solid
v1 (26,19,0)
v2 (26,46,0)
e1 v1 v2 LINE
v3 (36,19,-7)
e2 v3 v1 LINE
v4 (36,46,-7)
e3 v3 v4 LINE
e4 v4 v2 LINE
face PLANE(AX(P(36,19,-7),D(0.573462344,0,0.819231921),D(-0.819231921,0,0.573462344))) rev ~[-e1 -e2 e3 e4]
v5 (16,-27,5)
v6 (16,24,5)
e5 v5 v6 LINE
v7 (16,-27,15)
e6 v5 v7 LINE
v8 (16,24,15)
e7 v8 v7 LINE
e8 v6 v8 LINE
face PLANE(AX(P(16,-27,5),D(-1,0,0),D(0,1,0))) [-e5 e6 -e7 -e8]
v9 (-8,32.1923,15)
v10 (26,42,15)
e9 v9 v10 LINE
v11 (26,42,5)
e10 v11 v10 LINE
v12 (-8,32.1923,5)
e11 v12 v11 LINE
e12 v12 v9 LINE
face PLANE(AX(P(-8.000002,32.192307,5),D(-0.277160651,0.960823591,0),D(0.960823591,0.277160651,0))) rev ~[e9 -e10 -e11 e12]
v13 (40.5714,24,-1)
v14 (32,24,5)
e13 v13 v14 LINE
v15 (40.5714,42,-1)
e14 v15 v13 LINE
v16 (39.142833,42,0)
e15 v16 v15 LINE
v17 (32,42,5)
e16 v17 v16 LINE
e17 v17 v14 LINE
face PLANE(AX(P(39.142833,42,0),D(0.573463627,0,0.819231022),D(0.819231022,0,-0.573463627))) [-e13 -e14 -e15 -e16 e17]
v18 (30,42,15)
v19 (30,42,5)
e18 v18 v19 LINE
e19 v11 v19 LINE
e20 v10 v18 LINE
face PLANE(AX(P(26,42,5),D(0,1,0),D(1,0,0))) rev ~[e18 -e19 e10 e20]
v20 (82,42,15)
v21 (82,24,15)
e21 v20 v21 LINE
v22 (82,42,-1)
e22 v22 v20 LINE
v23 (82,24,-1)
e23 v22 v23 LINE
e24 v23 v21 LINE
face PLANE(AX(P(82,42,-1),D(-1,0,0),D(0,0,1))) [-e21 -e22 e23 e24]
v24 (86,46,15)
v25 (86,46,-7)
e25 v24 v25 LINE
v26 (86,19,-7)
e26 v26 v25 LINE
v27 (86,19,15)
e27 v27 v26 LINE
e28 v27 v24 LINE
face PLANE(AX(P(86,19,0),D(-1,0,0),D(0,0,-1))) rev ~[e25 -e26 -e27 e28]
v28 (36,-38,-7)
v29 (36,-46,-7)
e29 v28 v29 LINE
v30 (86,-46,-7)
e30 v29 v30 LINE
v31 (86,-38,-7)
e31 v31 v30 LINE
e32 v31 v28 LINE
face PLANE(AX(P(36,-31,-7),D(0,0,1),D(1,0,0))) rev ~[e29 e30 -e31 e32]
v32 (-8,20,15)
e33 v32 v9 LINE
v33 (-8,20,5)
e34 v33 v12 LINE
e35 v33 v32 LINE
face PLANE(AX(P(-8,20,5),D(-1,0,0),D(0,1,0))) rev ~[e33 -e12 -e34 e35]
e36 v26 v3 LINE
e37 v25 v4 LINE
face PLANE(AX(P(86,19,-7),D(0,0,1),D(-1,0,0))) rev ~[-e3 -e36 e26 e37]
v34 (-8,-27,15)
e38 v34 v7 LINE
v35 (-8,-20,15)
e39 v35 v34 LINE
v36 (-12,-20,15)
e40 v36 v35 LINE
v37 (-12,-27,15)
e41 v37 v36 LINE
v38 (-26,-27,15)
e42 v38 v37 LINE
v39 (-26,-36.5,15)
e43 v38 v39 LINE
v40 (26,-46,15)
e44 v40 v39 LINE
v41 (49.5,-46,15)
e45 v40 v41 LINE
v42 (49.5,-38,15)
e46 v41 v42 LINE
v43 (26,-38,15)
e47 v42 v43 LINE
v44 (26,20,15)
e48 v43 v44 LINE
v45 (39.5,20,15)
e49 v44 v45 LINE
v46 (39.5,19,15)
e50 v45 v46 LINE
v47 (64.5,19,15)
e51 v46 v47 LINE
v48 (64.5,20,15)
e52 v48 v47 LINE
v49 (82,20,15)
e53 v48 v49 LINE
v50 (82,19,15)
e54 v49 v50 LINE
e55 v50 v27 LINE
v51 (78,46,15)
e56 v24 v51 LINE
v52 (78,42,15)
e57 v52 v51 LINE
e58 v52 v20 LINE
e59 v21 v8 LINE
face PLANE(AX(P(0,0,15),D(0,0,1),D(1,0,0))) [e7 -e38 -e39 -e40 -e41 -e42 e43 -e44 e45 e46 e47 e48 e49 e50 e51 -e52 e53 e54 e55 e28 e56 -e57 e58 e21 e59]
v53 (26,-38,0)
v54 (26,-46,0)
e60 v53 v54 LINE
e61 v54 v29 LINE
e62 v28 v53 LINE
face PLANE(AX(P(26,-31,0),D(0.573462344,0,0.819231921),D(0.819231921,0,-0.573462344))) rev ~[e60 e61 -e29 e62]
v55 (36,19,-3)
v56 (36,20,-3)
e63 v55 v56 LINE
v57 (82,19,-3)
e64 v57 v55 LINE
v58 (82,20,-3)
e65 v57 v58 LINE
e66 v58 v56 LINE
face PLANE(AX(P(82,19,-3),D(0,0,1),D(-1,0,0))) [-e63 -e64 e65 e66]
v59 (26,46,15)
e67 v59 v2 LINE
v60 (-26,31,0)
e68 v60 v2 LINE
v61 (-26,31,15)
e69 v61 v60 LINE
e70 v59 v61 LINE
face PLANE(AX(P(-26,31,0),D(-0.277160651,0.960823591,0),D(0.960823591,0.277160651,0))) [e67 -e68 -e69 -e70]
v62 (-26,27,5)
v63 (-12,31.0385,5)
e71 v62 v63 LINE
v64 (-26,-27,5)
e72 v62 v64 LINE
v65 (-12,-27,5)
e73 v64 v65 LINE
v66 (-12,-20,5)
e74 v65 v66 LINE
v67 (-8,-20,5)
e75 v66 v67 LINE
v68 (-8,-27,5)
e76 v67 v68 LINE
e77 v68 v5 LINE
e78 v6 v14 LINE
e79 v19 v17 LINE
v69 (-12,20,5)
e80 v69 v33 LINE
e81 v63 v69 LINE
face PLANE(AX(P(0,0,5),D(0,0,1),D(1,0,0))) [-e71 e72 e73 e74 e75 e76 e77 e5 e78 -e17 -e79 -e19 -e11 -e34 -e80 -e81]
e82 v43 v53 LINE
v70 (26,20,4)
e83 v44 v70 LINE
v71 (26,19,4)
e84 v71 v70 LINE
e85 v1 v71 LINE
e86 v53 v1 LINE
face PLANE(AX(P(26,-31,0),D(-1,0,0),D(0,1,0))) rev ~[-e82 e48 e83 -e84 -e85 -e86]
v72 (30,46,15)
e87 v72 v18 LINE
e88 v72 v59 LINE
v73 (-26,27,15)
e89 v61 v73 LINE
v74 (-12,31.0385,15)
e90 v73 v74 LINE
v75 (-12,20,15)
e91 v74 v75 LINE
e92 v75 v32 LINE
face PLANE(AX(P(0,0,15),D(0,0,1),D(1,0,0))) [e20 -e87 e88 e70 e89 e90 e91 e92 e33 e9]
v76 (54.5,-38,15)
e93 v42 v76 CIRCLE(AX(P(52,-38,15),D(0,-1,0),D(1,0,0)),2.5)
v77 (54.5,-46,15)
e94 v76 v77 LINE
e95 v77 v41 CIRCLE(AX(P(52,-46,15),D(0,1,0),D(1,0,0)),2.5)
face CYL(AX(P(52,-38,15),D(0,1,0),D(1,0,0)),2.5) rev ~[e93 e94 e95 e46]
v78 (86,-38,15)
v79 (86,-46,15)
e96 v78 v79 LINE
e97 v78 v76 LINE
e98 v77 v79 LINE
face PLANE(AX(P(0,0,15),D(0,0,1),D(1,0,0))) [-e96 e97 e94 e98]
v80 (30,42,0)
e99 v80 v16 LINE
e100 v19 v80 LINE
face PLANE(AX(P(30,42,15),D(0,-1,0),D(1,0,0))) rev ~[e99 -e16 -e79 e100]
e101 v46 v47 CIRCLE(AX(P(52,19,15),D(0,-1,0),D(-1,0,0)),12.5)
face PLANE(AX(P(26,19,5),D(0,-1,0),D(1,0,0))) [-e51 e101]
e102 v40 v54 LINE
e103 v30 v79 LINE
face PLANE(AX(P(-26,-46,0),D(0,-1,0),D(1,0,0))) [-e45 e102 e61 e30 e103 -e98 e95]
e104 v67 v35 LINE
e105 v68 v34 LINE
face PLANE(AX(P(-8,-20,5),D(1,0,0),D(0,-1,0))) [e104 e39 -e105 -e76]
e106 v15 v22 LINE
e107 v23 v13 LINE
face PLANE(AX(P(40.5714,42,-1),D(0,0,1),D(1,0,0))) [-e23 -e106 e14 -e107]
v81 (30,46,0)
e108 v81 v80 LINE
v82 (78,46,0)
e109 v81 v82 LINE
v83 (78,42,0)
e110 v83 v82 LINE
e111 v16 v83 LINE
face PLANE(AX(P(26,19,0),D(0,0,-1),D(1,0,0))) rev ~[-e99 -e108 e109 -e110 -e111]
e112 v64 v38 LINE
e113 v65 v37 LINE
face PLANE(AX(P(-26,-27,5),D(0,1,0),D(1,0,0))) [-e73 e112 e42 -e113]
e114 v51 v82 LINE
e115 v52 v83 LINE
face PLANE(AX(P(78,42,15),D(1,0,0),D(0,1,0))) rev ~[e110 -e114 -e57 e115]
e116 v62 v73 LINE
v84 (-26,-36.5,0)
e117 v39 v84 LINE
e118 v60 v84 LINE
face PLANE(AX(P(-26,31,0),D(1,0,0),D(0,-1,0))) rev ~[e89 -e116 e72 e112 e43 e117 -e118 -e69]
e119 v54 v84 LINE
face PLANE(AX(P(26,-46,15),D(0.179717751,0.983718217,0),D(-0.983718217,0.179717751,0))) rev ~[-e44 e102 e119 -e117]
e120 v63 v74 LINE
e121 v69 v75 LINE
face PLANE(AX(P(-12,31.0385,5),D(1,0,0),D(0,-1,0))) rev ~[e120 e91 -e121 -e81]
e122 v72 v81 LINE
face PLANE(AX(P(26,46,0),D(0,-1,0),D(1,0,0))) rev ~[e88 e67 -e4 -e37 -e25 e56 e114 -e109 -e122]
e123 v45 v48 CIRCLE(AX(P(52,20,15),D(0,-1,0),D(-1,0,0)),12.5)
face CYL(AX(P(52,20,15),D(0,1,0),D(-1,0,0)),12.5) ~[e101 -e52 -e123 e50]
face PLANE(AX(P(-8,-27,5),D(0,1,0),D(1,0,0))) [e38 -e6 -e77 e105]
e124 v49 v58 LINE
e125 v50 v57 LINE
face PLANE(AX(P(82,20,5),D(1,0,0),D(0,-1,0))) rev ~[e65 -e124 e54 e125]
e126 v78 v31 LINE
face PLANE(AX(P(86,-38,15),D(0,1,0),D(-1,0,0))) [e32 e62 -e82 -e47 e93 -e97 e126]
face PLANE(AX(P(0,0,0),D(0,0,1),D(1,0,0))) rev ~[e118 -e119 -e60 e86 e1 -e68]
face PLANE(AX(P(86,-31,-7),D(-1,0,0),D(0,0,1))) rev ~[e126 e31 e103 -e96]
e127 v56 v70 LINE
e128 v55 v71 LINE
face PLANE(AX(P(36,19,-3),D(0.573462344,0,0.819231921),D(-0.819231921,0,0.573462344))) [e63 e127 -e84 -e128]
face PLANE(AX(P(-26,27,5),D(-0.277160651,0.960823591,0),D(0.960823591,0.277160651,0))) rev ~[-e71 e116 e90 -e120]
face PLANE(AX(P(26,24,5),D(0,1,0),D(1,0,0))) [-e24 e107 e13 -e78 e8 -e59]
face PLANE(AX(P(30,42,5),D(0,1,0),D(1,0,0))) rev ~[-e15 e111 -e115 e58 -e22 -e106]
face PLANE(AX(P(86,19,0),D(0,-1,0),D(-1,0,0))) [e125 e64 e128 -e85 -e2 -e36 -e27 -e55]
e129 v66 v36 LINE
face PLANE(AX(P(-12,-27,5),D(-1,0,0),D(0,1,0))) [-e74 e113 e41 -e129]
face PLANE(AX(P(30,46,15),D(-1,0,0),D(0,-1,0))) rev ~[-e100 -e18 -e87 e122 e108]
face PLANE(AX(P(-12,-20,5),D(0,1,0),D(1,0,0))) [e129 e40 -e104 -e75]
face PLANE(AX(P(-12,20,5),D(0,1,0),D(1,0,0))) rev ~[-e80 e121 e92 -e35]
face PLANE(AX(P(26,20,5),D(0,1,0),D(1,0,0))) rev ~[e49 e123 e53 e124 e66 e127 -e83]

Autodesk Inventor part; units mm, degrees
ref_plane "YZ Plane" through (0, 0, 0) normal (1, 0, 0) x (0, 1, 0)
ref_plane "XZ Plane" through (0, 0, 0) normal (0, 1, 0) x (-1, 0, 0)
ref_plane "XY Plane" through (0, 0, 0) normal (0, 0, 1) x (1, 0, 0)
sketch "Sketch1" plane through (0, 0, 0) normal (0, 0, 1) x (1, 0, 0)
  line L0 (-26, -31) -> (26, -31)
  line L1 (26, -31) -> (26, 31)
  line L2 (26, 31) -> (-26, 31)
  line L3 (-26, 31) -> (-26, -31)
  line L4 (-26, -31) -> (26, 31) construction
  line L5 (26, -31) -> (-26, 31) construction
  line L6 (-24, -23) -> (-24, -9) construction
  line L7 (-26, 31) -> (26, 46)
  line L8 (26, 46) -> (86, 46)
  line L9 (86, 46) -> (86, 19)
  line L10 (86, 19) -> (26, 19)
  point P0 (0, 0)
  dimension "d0" = 2
  dimension "d1" = 62
  dimension "d2" = 52
  dimension "d3" = 15
  dimension "d4" = 50
  dimension "d5" = 60
extrude "Extrusion1" add sketch "Sketch1" along normal blind 5
sketch "Sketch2" plane through (0, 0, 5) normal (0, 0, 1) x (1, 0, 0)
  line L0 (-29, 11.5) -> (-29, 6.5) construction
  line L1 (-29, 6.5) -> (-24, 6.5) construction
  line L2 (-24, 6.5) -> (-24, -20) construction
  line L3 (-24, -20) -> (-15, -20) construction
  line L4 (-15, -20) -> (-15, -27) construction
  line L5 (-15, -27) -> (-12, -27) construction
  line L6 (-12, -27) -> (-12, -20) construction
  line L7 (-12, -20) -> (16, -20) construction
  line L8 (16, -20) -> (16, 20) construction
  line L9 (16, 20) -> (11, 20) construction
  line L10 (11, 20) -> (11, 25) construction
  line L11 (11, 25) -> (8, 25) construction
  line L12 (8, 25) -> (8, 20) construction
  line L13 (8, 20) -> (-12, 20) construction
  line L14 (-12, 20) -> (-12, 27) construction
  line L15 (-12, 27) -> (-15, 27) construction
  line L16 (-15, 27) -> (-15, 20) construction
  line L17 (-15, 20) -> (-24, 20) construction
  line L18 (26, 46) -> (-26, 31) projected
  line L19 (-24, 20) -> (-24, 11.5) construction
  line L20 (-24, 11.5) -> (-29, 11.5) construction
  line L21 (-26, 31) -> (-26, -31) construction
  line L22 (-26, -31) -> (26, -31) construction
  line L23 (-12, 31.0385) -> (-12, 20)
  line L24 (-12, 20) -> (-8, 20)
  line L25 (-8, 20) -> (-8, 32.1923)
  line L26 (-26, 27) -> (26, 42)
  line L27 (-26, -27) -> (-12, -27)
  line L28 (-12, -27) -> (-12, -20)
  line L29 (-12, -20) -> (-8, -20)
  line L30 (-8, -20) -> (-8, -27)
  line L31 (-8, -27) -> (16, -27)
  line L32 (16, -27) -> (16, 20)
  line L33 (26, -31) -> (26, 19) projected
  line L34 (26, 24) -> (26, 19) construction
  line L35 (-26, 31) -> (-26, 27)
  line L36 (86, 46) -> (26, 46) projected
  line L37 (26, 46) -> (26, 42)
  line L38 (26, 42) -> (82, 42)
  line L39 (82, 42) -> (82, 19)
  line L40 (26, 19) -> (86, 19) projected
  line L41 (86, 19) -> (86, 46) projected
  line L42 (-26, -27) -> (-26, -31)
  line L43 (-26, -31) -> (26, -31)
  line L44 (16, 20) -> (16, 24)
  line L45 (16, 24) -> (26, 24)
  line L46 (26, 24) -> (82, 24)
  line L47 (26, 19) -> (26, 20)
  line L48 (26, 20) -> (82, 20)
  point P0 (0, 0)
  dimension "d8" = 3
  dimension "d9" = 3
  dimension "d10" = 3
  dimension "d11" = 7
  dimension "d12" = 54
  dimension "d13" = 7
  dimension "d14" = 5
  dimension "d15" = 5
  dimension "d16" = 2
  dimension "d17" = 9
  dimension "d18" = 8.5
  dimension "d19" = 4
  dimension "d20" = 5
  dimension "d21" = 5
  dimension "d22" = 40
  dimension "d23" = 4
  dimension "d25" = 4
  dimension "d26" = 10
  dimension "d27" = 4
  dimension "d28" = 4
  dimension "d36" = 1
  dimension "d37" = 4
extrude "Extrusion2" add sketch "Sketch2" along normal blind 10 contours L37 L26 L35 L18 | L36 L41 L40 L39 L38 L37 | L25 L24 L23 L26 | L39 L48 L47 L33 L43 L42 L27 L28 L29 L30 L31 L32 L44 L45 L46
sketch "Sketch3" plane through (0, 0, 15) normal (0, 0, 1) x (1, 0, 0)
  line L0 (-26, 27) -> (-12, 31.0385) projected
  line L1 (-12, 31.0385) -> (-12, 20) projected
  line L2 (-12, 20) -> (-8, 20) projected
  line L3 (-8, 20) -> (-8, 32.1923) projected
  line L4 (-8, 32.1923) -> (26, 42) projected
  line L5 (26, 42) -> (82, 42) projected
  line L6 (82, 42) -> (82, 24) projected
  line L7 (82, 19) -> (86, 19) projected
  line L8 (86, 19) -> (86, 46) projected
  line L9 (86, 46) -> (26, 46) projected
  line L10 (26, 46) -> (-26, 31) projected
  line L11 (-26, 31) -> (-26, 27) projected
  line L12 (30, 42) -> (78, 42)
  line L13 (78, 42) -> (78, 46)
  line L14 (78, 46) -> (30, 46)
  line L15 (30, 46) -> (30, 42)
  line L16 (82, 24) -> (16, 24) projected
  line L17 (16, 24) -> (16, -27) projected
  line L18 (16, -27) -> (-8, -27) projected
  line L19 (-8, -27) -> (-8, -20) projected
  line L20 (-8, -20) -> (-12, -20) projected
  line L21 (-12, -20) -> (-12, -27) projected
  line L22 (-12, -27) -> (-26, -27) projected
  line L23 (-26, -27) -> (-26, -31) projected
  line L24 (-26, -31) -> (26, -31) projected
  line L25 (26, -31) -> (26, 20) projected
  line L26 (26, 20) -> (82, 20) projected
  line L27 (82, 20) -> (82, 19) projected
  point P0 (0, 0)
  point P1 (30, 46)
  dimension "d31" = 4
  dimension "d32" = 4
extrude "Extrusion3" cut sketch "Sketch3" against normal through all contours L9 L13 L5 L15
sketch "Sketch4" plane through (26, 20, 5) normal (0, -1, 0) x (1, 0, 0)
  line L0 (0, 10) -> (56, 10) projected
  arc A0 (13.5, 10) -> (38.5, 10) centre (26, 10) ccw
  line L1 (0, -5) -> (0, 10) projected
  line L2 (13.5, 10) -> (38.5, 10)
  point P0 (-26, -5)
  dimension "d38" = 25
  dimension "d39" = 26
sketch "Sketch5" plane through (26, 19, 0) normal (0, -1, 0) x (1, 0, 0)
  line L0 (0, 0) -> (60, 0) projected
  line L1 (60, 0) -> (60, -7)
  line L2 (60, -7) -> (10, -7)
  line L3 (10, -7) -> (0, 0)
  point P0 (-26, 0)
  dimension "d40" = 50
  dimension "d41" = 7
extrude "Extrusion4" add sketch "Sketch5" against normal up to surface (27 mm away)
sketch "Sketch6" plane through (26, 19, 5) normal (0, -1, 0) x (1, 0, 0)
  line L0 (0, 0) -> (56, 0) projected
  line L1 (56, 0) -> (56, -8)
  line L2 (56, -8) -> (10, -8)
  line L3 (0, -5) -> (0, 10) projected
  line L4 (60, -12) -> (60, 10) projected
  line L5 (10, -12) -> (60, -12) projected
  line L6 (0, -5) -> (10, -12) projected
  line L7 (10, -8) -> (10, -12)
  line L8 (10, -8) -> (0, -1)
  point P0 (-26, -5)
  point P1 (35, -12)
  dimension "d44" = 4
  dimension "d45" = 4
  dimension "d47" = 4
extrude "Extrusion5" cut sketch "Sketch6" against normal up to surface (1 mm away) contours L0 L1 L2 L8 L3
extrude "Extrusion6" add sketch "Sketch4" along normal up to surface (1 mm away)
sketch "Sketch8" plane through (30, 42, 5) normal (0, 1, 0) x (1, 0, 0)
  line L0 (0, 5) -> (48, 5) projected
  line L1 (0, 0) -> (0, 5) projected
  line L2 (48, 0) -> (0, 0) projected
  line L3 (48, 0) -> (48, 5) projected
  line L4 (-14, 0) -> (52, 0) projected
  line L5 (2, 0) -> (10.5714, 6)
  line L6 (10.5714, 6) -> (48, 6)
  line L7 (48, 6) -> (48, 0)
  line L8 (2, 0) -> (48, 0)
  line L9 (-4, 5) -> (6, 12) projected
  line L10 (48, 6) -> (52, 6)
  line L11 (52, 6) -> (52, 0)
  line L12 (52, 0) -> (48, 0)
  line L13 (48, 0) -> (48, 6)
  point P0 (-30, 5)
  point P1 (9.1429, 5)
  point P2 (2, 0)
  dimension "d57" = 2
extrude "Extrusion8" cut sketch "Sketch8" against normal up to surface (18 mm away) contours L5 L6 L7 L0 | L0 L3 L2 L5 | L7 L10 L11 L4 L3
sketch "Sketch9" plane through (-26, -31, 0) normal (0, -1, 0) x (1, 0, 0)
  line L0 (62, -3) -> (52, 4) projected
  line L1 (52, 0) -> (52, 4) projected
  line L2 (52, 0) -> (62, -7) projected
  line L3 (62, -7) -> (112, -7) projected
  line L4 (112, -7) -> (112, 15) projected
  line L5 (108, 15) -> (112, 15) projected
  line L6 (108, 15) -> (108, -3) projected
  line L7 (108, -3) -> (62, -3) projected
  line L8 (52, 15) -> (65.5, 15) projected
  line L9 (65.5, 15) -> (90.5, 15) projected
  line L10 (90.5, 15) -> (108, 15) projected
  line L11 (0, 0) -> (52, 0) projected
  line L12 (52, 0) -> (52, 15) projected
  line L13 (0, 15) -> (52, 15) projected
  line L14 (0, 0) -> (0, 15) projected
  point P0 (26, 0)
extrude "Extrusion9" add sketch "Sketch9" along normal blind 15
sketch "Sketch10" plane through (0, 0, 15) normal (0, 0, 1) x (1, 0, 0)
  line L0 (26, -31) -> (86, -31)
  line L1 (86, -31) -> (86, -38)
  line L2 (86, -38) -> (26, -38)
  line L3 (26, -38) -> (26, -31)
  point P0 (0, 0)
  dimension "d62" = 7
extrude "Extrusion10" cut sketch "Sketch10" against normal through all
sketch "Sketch11" plane through (0, 0, 15) normal (0, 0, 1) x (1, 0, 0)
  line L0 (-26, -46) -> (26, -46) projected
  line L1 (26, -46) -> (-26, -46)
  line L2 (-26, -46) -> (-26, -36.5)
  line L3 (26, -46) -> (-26, -36.5)
  point P0 (0, 0)
  dimension "d65" = 9.5
extrude "Extrusion11" cut sketch "Sketch11" against normal through all
sketch "Sketch12" plane through (26, -38, 15) normal (0, 1, 0) x (1, 0, 0)
  arc A0 (38.5, 0) -> (13.5, 0) centre (26, 0) ccw projected
  line L0 (13.5, 0) -> (38.5, 0) projected
  circle A1 centre (26, 0) radius 2.5
  point P0 (-26, 15)
  dimension "d68" = 5
extrude "Extrusion12" cut sketch "Sketch12" against normal through all contours A1 L0 | L0 A1
equation "\"d45\" = d44"
properties part number "wirst 1 left"
